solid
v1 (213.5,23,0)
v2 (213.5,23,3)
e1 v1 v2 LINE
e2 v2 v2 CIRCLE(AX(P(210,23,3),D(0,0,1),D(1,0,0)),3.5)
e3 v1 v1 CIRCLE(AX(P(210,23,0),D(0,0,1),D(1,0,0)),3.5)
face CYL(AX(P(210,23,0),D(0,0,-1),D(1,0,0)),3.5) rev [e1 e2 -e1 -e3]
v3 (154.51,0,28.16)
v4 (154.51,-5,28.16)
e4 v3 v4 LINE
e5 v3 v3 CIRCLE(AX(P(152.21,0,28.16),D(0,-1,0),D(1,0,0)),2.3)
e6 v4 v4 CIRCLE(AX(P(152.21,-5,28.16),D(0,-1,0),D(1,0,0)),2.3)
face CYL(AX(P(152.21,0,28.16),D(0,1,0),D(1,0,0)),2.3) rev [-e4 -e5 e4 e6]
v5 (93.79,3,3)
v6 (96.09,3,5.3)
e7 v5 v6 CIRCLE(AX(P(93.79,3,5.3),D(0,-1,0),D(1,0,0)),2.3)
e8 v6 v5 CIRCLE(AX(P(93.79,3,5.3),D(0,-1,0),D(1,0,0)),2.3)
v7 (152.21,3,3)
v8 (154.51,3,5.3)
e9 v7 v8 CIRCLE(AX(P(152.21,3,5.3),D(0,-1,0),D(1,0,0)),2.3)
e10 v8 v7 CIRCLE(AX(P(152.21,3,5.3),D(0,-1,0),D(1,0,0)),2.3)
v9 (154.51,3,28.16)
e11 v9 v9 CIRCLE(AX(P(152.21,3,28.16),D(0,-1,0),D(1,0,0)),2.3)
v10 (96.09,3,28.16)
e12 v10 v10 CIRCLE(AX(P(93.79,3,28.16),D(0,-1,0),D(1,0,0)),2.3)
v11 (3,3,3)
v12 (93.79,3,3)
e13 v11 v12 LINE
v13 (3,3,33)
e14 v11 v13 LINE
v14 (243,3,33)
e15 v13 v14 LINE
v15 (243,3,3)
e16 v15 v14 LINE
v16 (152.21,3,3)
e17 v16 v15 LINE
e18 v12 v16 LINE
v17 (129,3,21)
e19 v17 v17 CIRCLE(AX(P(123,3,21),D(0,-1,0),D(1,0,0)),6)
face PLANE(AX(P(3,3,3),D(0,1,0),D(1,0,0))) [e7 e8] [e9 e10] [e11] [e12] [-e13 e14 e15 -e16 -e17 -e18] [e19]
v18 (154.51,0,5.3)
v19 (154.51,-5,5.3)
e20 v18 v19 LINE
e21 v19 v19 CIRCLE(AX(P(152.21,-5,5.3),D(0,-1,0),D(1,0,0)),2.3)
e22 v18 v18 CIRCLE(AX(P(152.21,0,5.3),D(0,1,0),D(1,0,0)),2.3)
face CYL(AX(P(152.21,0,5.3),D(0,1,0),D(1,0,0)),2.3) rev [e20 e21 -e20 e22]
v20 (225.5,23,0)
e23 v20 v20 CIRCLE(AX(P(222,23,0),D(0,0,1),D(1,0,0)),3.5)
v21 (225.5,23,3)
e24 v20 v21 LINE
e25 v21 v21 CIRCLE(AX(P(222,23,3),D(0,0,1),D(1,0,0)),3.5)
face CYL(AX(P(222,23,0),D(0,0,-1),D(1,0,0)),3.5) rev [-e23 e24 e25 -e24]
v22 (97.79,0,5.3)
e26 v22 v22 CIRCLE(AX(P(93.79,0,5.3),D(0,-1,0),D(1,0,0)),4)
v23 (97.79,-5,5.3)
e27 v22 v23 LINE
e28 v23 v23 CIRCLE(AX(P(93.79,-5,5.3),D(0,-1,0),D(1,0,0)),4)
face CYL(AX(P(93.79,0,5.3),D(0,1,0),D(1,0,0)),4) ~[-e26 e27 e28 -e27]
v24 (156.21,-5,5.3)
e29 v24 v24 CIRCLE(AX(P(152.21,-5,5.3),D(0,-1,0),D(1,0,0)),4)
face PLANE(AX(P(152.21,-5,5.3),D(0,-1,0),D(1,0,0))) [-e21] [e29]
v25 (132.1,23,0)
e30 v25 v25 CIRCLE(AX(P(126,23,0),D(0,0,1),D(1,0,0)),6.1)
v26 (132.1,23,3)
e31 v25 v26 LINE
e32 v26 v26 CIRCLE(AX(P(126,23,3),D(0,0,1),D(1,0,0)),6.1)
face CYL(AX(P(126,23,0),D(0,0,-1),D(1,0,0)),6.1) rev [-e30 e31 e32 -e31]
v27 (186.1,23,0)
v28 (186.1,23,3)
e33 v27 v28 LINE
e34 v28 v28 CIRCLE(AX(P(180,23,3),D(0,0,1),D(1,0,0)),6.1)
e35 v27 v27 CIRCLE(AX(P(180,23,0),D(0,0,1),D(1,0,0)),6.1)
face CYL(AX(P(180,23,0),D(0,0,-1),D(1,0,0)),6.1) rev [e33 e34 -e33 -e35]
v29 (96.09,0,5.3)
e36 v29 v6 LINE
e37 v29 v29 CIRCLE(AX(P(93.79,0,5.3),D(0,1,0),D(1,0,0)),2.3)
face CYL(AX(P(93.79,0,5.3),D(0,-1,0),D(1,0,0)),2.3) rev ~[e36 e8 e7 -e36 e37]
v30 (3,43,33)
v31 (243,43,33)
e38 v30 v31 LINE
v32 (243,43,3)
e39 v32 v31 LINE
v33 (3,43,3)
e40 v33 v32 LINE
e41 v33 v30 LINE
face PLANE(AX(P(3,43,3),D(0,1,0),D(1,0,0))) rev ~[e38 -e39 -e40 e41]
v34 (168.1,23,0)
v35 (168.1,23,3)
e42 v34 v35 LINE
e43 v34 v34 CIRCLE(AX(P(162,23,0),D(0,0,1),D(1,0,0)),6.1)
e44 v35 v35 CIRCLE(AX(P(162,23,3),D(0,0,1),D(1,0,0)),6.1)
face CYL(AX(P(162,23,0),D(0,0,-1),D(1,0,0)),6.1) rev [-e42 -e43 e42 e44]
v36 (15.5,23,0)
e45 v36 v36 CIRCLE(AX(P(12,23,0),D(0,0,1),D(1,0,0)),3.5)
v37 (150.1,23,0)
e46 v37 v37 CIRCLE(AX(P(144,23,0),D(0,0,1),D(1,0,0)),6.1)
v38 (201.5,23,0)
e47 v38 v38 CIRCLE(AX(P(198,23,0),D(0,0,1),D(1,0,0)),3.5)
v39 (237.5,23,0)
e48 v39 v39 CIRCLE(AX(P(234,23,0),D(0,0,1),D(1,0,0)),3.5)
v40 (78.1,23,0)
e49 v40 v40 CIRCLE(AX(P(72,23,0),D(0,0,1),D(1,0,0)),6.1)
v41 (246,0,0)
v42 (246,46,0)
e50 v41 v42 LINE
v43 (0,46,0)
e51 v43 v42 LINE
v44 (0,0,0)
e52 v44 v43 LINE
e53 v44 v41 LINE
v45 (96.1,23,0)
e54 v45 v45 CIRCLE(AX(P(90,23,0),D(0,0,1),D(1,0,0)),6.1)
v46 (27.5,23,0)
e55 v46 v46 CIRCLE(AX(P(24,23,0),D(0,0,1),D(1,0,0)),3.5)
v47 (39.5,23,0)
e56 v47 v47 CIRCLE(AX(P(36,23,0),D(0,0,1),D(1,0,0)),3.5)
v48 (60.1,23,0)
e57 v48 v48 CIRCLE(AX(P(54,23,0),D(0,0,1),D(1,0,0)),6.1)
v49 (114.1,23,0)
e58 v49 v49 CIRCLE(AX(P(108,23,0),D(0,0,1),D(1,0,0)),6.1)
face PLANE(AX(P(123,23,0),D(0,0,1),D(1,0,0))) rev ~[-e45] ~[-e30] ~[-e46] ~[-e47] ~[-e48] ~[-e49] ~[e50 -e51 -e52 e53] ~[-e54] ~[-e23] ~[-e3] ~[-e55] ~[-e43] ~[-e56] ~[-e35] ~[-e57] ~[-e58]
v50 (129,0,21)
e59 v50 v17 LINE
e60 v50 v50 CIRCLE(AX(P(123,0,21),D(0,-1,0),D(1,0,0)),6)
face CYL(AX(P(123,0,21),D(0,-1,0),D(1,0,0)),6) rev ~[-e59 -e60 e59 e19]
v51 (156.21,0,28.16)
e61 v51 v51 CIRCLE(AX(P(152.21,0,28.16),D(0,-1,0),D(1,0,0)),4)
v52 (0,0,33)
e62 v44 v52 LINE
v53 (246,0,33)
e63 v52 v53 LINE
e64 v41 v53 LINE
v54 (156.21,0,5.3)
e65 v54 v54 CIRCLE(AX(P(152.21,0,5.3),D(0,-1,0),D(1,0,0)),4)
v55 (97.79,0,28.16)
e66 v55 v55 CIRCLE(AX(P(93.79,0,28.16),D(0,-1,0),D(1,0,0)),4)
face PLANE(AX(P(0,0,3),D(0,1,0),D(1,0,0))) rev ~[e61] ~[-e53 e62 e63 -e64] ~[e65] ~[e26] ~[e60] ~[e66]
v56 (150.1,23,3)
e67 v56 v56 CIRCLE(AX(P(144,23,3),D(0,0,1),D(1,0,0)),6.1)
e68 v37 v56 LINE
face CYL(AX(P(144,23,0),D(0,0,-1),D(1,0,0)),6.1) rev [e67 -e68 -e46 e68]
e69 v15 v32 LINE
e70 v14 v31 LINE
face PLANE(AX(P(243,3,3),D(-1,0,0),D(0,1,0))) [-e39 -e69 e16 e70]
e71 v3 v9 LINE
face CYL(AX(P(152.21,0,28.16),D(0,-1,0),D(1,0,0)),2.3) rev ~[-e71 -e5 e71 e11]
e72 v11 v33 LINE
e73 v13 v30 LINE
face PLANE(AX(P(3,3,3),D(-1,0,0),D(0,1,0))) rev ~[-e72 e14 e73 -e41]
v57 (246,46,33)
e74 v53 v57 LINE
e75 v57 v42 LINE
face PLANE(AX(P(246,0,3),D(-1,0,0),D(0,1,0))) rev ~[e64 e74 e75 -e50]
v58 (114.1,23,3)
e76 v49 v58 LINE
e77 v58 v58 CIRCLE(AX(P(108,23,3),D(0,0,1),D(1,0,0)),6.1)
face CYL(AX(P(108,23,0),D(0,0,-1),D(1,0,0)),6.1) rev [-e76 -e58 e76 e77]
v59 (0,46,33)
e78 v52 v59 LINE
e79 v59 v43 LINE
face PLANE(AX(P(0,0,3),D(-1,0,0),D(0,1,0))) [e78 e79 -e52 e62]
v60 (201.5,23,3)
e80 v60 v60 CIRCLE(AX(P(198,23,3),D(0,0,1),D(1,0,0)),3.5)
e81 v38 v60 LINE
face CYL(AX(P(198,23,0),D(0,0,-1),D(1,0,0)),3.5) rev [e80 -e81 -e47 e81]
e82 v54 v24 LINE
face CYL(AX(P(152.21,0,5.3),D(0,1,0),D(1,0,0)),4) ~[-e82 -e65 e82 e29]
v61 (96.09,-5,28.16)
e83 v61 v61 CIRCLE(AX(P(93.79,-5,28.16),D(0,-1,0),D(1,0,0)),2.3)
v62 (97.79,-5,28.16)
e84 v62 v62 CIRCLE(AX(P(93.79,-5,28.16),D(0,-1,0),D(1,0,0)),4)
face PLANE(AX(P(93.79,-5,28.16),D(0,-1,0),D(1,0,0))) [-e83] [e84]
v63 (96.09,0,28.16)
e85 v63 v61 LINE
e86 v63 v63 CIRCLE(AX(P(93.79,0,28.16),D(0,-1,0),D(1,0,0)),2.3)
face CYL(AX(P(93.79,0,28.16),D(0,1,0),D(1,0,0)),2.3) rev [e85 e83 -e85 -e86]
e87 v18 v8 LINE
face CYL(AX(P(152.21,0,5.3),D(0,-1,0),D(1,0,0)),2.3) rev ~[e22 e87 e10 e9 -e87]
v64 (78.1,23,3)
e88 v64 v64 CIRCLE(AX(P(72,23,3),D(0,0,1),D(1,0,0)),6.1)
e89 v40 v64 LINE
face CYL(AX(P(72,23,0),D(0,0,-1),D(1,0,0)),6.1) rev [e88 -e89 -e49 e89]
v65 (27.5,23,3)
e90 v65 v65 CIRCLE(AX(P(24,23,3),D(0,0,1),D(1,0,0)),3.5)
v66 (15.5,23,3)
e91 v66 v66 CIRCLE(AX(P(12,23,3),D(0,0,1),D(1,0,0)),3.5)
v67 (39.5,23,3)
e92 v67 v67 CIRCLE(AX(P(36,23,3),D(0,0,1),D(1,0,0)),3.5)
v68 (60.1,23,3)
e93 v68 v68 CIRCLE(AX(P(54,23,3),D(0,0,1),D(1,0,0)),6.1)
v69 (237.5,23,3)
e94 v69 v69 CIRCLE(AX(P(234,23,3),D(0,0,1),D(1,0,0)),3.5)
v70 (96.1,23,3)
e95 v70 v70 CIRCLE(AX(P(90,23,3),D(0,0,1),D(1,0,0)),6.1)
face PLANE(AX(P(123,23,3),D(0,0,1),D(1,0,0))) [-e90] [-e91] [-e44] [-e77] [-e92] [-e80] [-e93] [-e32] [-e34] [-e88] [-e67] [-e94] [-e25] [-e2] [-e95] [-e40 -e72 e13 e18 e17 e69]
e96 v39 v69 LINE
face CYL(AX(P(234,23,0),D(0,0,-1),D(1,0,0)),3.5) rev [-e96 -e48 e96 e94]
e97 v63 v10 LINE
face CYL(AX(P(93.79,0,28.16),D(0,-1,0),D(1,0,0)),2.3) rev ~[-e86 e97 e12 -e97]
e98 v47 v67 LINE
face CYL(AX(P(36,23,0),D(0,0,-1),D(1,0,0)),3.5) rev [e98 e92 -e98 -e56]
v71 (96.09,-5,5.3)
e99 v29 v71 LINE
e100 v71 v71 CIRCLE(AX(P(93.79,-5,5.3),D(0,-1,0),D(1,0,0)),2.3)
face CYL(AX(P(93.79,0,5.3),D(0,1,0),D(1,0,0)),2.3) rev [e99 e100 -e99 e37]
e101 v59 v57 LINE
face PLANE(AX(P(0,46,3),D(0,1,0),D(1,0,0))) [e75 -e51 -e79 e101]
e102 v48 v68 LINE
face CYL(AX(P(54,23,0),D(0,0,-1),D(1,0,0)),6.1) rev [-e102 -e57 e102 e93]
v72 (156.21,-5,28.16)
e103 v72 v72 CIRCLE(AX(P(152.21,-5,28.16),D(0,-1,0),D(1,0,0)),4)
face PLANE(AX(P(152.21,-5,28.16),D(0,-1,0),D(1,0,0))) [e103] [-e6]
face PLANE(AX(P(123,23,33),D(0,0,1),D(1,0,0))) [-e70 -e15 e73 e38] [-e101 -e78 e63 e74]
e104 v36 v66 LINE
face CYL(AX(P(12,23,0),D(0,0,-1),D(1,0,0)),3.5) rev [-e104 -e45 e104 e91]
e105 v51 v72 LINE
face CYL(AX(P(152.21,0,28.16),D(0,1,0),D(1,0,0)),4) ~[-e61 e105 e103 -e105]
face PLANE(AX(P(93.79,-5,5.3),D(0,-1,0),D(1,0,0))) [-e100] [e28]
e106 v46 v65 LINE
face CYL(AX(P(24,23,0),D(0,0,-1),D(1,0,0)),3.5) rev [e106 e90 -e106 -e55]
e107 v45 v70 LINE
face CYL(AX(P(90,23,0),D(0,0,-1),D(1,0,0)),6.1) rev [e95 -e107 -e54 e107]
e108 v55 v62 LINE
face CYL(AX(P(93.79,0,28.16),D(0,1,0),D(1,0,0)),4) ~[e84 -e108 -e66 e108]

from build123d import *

# Parameters (mm, degrees)
SKETCH002_R      = 6
SKETCH002_R_2    = 2.3
EXTRUDE002_DEPTH = 3
SKETCH001_W      = 246
SKETCH001_H      = 46
SKETCH001_W_2    = 240
SKETCH001_H_2    = 40
EXTRUDE001_DEPTH = 30
SKETCH003_R      = 4
SKETCH003_R_2    = 2.3
EXTRUDE003_DEPTH = 5
SKETCH_W         = 246
SKETCH_H         = 46
SKETCH_R         = 3.5
SKETCH_R_2       = 6.1
EXTRUDE_DEPTH    = 3


with BuildPart() as extrude002:
    # Sketch002 (on Face3 of Extrude001) → Extrude002 (new body)
    with BuildSketch(Plane.XZ):
        with Locations((123, 21)):
            Circle(SKETCH002_R)
        with Locations((93.79, 28.16)):
            Circle(SKETCH002_R_2)
        with Locations((93.79, 5.3)):
            Circle(SKETCH002_R_2)
        with Locations((152.21, 5.3)):
            Circle(SKETCH002_R_2)
        with Locations((152.21, 28.16)):
            Circle(SKETCH002_R_2)
    extrude(amount=-EXTRUDE002_DEPTH)


with BuildPart() as cut:
    # Sketch001 (on Face21 of Extrude) → Extrude001 (new body)
    with BuildSketch(Plane.XY.offset(3)):
        with Locations((123, 23)):
            Rectangle(SKETCH001_W, SKETCH001_H)
        with Locations((123, 23)):
            Rectangle(SKETCH001_W_2, SKETCH001_H_2, mode=Mode.SUBTRACT)
    extrude(amount=EXTRUDE001_DEPTH)

    # Cut: cut Extrude002
    add(extrude002.part, mode=Mode.SUBTRACT)


with BuildPart() as extrude003:
    # Sketch003 (on Face6 of Cut) → Extrude003 (new body)
    with BuildSketch(Plane.XZ):
        with Locations((93.79, 28.16)):
            Circle(SKETCH003_R)
        with Locations((93.79, 28.16)):
            Circle(SKETCH003_R_2, mode=Mode.SUBTRACT)
        with Locations((152.21, 28.16)):
            Circle(SKETCH003_R)
        with Locations((152.21, 28.16)):
            Circle(SKETCH003_R_2, mode=Mode.SUBTRACT)
        with Locations((152.21, 5.3)):
            Circle(SKETCH003_R)
        with Locations((152.21, 5.3)):
            Circle(SKETCH003_R_2, mode=Mode.SUBTRACT)
        with Locations((93.79, 5.3)):
            Circle(SKETCH003_R)
        with Locations((93.79, 5.3)):
            Circle(SKETCH003_R_2, mode=Mode.SUBTRACT)
    extrude(amount=EXTRUDE003_DEPTH)


with BuildPart() as fusion:
    # Sketch → Extrude (new body)
    with BuildSketch(Plane.XY):
        with Locations((123, 23)):
            Rectangle(SKETCH_W, SKETCH_H)
        with Locations((12, 23)):
            Circle(SKETCH_R, mode=Mode.SUBTRACT)
        with Locations((24, 23)):
            Circle(SKETCH_R, mode=Mode.SUBTRACT)
        with Locations((36, 23)):
            Circle(SKETCH_R, mode=Mode.SUBTRACT)
        with Locations((54, 23)):
            Circle(SKETCH_R_2, mode=Mode.SUBTRACT)
        with Locations((72, 23)):
            Circle(SKETCH_R_2, mode=Mode.SUBTRACT)
        with Locations((90, 23)):
            Circle(SKETCH_R_2, mode=Mode.SUBTRACT)
        with Locations((108, 23)):
            Circle(SKETCH_R_2, mode=Mode.SUBTRACT)
        with Locations((126, 23)):
            Circle(SKETCH_R_2, mode=Mode.SUBTRACT)
        with Locations((144, 23)):
            Circle(SKETCH_R_2, mode=Mode.SUBTRACT)
        with Locations((162, 23)):
            Circle(SKETCH_R_2, mode=Mode.SUBTRACT)
        with Locations((180, 23)):
            Circle(SKETCH_R_2, mode=Mode.SUBTRACT)
        with Locations((198, 23)):
            Circle(SKETCH_R, mode=Mode.SUBTRACT)
        with Locations((210, 23)):
            Circle(SKETCH_R, mode=Mode.SUBTRACT)
        with Locations((222, 23)):
            Circle(SKETCH_R, mode=Mode.SUBTRACT)
        with Locations((234, 23)):
            Circle(SKETCH_R, mode=Mode.SUBTRACT)
    extrude(amount=EXTRUDE_DEPTH)

    # Fusion: union Cut, Extrude003
    add(cut.part)
    add(extrude003.part)


solid = fusion.part
